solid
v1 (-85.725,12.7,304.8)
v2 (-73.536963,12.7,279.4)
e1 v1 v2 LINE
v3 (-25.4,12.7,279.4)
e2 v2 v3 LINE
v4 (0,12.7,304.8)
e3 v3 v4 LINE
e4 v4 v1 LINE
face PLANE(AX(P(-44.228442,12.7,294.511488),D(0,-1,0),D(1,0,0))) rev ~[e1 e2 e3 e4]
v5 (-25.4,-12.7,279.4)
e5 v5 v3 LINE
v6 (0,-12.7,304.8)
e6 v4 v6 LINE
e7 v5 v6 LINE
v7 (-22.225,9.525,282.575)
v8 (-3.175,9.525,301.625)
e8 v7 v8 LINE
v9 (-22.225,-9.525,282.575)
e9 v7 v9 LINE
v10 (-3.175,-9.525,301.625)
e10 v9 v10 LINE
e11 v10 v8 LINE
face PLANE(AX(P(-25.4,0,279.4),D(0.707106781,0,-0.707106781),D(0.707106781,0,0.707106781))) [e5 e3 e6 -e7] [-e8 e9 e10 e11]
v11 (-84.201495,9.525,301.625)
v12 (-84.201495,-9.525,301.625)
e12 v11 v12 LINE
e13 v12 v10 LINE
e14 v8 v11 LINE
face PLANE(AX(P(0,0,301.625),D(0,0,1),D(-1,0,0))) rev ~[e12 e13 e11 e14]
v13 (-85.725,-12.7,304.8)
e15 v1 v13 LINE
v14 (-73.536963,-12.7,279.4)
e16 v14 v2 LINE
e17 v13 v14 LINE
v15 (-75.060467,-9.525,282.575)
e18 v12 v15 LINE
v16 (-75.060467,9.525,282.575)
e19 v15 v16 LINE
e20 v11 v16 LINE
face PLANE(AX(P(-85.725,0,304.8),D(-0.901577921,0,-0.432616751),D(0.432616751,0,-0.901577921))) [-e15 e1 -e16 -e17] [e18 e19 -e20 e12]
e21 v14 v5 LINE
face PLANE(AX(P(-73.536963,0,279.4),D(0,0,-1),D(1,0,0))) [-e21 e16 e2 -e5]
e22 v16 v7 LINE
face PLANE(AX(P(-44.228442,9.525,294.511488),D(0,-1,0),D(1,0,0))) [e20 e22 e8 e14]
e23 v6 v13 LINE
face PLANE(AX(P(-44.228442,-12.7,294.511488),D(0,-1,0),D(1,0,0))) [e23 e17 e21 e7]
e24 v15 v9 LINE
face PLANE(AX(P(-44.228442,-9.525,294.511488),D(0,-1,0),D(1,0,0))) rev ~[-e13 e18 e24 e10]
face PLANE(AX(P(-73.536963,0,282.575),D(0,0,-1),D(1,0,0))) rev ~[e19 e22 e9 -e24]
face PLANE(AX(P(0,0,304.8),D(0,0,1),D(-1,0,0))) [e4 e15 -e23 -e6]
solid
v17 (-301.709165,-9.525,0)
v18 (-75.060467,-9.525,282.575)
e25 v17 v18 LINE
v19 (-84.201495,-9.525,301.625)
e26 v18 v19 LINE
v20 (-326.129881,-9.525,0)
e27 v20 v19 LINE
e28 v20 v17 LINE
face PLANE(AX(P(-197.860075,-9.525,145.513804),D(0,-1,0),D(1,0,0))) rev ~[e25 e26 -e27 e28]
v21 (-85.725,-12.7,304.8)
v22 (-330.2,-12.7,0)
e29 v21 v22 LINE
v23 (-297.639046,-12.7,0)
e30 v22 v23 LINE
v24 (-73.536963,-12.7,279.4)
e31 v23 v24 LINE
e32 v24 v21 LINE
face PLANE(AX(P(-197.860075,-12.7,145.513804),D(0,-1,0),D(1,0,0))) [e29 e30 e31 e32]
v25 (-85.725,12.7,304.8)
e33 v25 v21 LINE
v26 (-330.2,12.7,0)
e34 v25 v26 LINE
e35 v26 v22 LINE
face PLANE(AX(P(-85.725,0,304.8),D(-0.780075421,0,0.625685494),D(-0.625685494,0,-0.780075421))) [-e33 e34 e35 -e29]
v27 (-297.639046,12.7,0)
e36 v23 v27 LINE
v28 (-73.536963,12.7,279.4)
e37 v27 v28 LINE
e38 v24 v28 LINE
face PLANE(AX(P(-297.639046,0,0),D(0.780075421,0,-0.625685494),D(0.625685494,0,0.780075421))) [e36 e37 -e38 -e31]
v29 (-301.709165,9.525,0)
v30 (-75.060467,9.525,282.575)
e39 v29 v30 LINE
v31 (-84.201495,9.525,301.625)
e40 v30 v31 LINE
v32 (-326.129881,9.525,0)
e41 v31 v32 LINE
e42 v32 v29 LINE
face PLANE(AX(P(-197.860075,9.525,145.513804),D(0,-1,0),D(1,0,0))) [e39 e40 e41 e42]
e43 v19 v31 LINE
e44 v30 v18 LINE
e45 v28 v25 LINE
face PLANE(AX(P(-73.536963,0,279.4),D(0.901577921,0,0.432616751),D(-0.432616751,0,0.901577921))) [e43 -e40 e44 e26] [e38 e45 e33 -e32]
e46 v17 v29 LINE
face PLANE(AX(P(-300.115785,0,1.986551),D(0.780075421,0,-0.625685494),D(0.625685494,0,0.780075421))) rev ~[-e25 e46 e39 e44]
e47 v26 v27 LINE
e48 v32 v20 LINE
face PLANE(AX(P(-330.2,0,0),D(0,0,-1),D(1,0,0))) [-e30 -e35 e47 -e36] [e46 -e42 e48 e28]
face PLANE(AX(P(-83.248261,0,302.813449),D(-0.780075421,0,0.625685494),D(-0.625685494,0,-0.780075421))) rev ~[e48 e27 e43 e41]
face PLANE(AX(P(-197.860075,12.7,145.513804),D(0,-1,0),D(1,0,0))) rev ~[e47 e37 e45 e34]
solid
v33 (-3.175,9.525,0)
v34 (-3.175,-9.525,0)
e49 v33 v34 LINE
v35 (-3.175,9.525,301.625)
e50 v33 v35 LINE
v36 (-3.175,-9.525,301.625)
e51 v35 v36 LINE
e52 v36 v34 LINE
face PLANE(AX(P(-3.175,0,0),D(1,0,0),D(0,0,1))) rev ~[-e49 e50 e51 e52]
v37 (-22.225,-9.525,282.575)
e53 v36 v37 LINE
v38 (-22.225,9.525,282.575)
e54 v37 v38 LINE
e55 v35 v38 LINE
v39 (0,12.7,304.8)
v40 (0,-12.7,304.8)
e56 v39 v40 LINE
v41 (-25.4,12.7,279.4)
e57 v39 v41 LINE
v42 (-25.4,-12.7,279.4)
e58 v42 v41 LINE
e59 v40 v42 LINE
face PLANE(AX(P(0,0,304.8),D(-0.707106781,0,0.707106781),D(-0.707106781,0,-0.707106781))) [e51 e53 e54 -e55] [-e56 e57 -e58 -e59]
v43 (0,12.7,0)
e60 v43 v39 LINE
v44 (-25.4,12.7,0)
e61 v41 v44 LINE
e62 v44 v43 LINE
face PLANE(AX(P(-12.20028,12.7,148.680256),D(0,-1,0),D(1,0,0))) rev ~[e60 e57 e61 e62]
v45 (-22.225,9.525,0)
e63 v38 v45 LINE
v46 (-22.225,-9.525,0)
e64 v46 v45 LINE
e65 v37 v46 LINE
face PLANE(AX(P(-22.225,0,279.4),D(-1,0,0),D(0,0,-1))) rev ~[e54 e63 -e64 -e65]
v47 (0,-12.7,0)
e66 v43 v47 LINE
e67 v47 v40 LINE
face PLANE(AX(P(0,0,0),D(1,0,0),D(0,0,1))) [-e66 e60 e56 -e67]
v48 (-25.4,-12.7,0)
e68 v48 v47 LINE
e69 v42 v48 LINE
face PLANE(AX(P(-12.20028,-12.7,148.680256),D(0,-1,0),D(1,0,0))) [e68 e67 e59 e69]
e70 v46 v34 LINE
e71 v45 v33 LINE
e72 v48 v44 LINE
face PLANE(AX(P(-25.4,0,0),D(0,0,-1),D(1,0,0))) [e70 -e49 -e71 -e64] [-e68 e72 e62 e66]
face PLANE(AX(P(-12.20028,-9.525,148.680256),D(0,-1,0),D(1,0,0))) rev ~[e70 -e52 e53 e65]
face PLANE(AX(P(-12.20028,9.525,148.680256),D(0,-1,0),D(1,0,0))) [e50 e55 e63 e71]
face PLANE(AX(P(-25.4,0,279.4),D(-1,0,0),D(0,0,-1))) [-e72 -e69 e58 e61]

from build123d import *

# Parameters (mm, degrees)
F1_DEPTH = 12.7
F2_DEPTH = 12.7
F3_DEPTH = 12.7
F4_T     = -3.175
F5_T     = -3.175
F6_T     = -3.175


with BuildPart() as f1:
    # F0 (on Front) → F1 (new body, symmetric)
    with BuildSketch(Plane.XZ):
        Polygon((-73.536962542, 279.4), (-85.725, 304.8), (-330.2, 0), (-297.6390458754, 0), align=None)
    extrude(amount=F1_DEPTH, both=True)

    # F4
    f4_openings = [f1.faces().sort_by_distance(p)[0] for p in [
        (-79.630981, 0, 292.1),
        (-313.919523, 0, 0),
    ]]
    offset(amount=F4_T, openings=f4_openings)


with BuildPart() as f2:
    # F0 (on Front) → F2 (new body, symmetric)
    with BuildSketch(Plane.XZ):
        Polygon((-25.4, 279.4), (0, 304.8), (-85.725, 304.8), (-73.536962542, 279.4), align=None)
    extrude(amount=F2_DEPTH, both=True)

    # F5
    f5_openings = [f2.faces().sort_by_distance(p)[0] for p in [
        (-79.630981, 0, 292.1),
        (-12.7, 0, 292.1),
    ]]
    offset(amount=F5_T, openings=f5_openings)


with BuildPart() as f3:
    # F0 (on Front) → F3 (new body, symmetric)
    with BuildSketch(Plane.XZ):
        Polygon((-25.4, 0), (0, 0), (0, 304.8), (-25.4, 279.4), align=None)
    extrude(amount=F3_DEPTH, both=True)

    # F6
    f6_openings = [f3.faces().sort_by_distance(p)[0] for p in [
        (-12.7, 0, 292.1),
        (-12.7, 0, 0),
    ]]
    offset(amount=F6_T, openings=f6_openings)


solid = Compound([f1.part, f2.part, f3.part])
